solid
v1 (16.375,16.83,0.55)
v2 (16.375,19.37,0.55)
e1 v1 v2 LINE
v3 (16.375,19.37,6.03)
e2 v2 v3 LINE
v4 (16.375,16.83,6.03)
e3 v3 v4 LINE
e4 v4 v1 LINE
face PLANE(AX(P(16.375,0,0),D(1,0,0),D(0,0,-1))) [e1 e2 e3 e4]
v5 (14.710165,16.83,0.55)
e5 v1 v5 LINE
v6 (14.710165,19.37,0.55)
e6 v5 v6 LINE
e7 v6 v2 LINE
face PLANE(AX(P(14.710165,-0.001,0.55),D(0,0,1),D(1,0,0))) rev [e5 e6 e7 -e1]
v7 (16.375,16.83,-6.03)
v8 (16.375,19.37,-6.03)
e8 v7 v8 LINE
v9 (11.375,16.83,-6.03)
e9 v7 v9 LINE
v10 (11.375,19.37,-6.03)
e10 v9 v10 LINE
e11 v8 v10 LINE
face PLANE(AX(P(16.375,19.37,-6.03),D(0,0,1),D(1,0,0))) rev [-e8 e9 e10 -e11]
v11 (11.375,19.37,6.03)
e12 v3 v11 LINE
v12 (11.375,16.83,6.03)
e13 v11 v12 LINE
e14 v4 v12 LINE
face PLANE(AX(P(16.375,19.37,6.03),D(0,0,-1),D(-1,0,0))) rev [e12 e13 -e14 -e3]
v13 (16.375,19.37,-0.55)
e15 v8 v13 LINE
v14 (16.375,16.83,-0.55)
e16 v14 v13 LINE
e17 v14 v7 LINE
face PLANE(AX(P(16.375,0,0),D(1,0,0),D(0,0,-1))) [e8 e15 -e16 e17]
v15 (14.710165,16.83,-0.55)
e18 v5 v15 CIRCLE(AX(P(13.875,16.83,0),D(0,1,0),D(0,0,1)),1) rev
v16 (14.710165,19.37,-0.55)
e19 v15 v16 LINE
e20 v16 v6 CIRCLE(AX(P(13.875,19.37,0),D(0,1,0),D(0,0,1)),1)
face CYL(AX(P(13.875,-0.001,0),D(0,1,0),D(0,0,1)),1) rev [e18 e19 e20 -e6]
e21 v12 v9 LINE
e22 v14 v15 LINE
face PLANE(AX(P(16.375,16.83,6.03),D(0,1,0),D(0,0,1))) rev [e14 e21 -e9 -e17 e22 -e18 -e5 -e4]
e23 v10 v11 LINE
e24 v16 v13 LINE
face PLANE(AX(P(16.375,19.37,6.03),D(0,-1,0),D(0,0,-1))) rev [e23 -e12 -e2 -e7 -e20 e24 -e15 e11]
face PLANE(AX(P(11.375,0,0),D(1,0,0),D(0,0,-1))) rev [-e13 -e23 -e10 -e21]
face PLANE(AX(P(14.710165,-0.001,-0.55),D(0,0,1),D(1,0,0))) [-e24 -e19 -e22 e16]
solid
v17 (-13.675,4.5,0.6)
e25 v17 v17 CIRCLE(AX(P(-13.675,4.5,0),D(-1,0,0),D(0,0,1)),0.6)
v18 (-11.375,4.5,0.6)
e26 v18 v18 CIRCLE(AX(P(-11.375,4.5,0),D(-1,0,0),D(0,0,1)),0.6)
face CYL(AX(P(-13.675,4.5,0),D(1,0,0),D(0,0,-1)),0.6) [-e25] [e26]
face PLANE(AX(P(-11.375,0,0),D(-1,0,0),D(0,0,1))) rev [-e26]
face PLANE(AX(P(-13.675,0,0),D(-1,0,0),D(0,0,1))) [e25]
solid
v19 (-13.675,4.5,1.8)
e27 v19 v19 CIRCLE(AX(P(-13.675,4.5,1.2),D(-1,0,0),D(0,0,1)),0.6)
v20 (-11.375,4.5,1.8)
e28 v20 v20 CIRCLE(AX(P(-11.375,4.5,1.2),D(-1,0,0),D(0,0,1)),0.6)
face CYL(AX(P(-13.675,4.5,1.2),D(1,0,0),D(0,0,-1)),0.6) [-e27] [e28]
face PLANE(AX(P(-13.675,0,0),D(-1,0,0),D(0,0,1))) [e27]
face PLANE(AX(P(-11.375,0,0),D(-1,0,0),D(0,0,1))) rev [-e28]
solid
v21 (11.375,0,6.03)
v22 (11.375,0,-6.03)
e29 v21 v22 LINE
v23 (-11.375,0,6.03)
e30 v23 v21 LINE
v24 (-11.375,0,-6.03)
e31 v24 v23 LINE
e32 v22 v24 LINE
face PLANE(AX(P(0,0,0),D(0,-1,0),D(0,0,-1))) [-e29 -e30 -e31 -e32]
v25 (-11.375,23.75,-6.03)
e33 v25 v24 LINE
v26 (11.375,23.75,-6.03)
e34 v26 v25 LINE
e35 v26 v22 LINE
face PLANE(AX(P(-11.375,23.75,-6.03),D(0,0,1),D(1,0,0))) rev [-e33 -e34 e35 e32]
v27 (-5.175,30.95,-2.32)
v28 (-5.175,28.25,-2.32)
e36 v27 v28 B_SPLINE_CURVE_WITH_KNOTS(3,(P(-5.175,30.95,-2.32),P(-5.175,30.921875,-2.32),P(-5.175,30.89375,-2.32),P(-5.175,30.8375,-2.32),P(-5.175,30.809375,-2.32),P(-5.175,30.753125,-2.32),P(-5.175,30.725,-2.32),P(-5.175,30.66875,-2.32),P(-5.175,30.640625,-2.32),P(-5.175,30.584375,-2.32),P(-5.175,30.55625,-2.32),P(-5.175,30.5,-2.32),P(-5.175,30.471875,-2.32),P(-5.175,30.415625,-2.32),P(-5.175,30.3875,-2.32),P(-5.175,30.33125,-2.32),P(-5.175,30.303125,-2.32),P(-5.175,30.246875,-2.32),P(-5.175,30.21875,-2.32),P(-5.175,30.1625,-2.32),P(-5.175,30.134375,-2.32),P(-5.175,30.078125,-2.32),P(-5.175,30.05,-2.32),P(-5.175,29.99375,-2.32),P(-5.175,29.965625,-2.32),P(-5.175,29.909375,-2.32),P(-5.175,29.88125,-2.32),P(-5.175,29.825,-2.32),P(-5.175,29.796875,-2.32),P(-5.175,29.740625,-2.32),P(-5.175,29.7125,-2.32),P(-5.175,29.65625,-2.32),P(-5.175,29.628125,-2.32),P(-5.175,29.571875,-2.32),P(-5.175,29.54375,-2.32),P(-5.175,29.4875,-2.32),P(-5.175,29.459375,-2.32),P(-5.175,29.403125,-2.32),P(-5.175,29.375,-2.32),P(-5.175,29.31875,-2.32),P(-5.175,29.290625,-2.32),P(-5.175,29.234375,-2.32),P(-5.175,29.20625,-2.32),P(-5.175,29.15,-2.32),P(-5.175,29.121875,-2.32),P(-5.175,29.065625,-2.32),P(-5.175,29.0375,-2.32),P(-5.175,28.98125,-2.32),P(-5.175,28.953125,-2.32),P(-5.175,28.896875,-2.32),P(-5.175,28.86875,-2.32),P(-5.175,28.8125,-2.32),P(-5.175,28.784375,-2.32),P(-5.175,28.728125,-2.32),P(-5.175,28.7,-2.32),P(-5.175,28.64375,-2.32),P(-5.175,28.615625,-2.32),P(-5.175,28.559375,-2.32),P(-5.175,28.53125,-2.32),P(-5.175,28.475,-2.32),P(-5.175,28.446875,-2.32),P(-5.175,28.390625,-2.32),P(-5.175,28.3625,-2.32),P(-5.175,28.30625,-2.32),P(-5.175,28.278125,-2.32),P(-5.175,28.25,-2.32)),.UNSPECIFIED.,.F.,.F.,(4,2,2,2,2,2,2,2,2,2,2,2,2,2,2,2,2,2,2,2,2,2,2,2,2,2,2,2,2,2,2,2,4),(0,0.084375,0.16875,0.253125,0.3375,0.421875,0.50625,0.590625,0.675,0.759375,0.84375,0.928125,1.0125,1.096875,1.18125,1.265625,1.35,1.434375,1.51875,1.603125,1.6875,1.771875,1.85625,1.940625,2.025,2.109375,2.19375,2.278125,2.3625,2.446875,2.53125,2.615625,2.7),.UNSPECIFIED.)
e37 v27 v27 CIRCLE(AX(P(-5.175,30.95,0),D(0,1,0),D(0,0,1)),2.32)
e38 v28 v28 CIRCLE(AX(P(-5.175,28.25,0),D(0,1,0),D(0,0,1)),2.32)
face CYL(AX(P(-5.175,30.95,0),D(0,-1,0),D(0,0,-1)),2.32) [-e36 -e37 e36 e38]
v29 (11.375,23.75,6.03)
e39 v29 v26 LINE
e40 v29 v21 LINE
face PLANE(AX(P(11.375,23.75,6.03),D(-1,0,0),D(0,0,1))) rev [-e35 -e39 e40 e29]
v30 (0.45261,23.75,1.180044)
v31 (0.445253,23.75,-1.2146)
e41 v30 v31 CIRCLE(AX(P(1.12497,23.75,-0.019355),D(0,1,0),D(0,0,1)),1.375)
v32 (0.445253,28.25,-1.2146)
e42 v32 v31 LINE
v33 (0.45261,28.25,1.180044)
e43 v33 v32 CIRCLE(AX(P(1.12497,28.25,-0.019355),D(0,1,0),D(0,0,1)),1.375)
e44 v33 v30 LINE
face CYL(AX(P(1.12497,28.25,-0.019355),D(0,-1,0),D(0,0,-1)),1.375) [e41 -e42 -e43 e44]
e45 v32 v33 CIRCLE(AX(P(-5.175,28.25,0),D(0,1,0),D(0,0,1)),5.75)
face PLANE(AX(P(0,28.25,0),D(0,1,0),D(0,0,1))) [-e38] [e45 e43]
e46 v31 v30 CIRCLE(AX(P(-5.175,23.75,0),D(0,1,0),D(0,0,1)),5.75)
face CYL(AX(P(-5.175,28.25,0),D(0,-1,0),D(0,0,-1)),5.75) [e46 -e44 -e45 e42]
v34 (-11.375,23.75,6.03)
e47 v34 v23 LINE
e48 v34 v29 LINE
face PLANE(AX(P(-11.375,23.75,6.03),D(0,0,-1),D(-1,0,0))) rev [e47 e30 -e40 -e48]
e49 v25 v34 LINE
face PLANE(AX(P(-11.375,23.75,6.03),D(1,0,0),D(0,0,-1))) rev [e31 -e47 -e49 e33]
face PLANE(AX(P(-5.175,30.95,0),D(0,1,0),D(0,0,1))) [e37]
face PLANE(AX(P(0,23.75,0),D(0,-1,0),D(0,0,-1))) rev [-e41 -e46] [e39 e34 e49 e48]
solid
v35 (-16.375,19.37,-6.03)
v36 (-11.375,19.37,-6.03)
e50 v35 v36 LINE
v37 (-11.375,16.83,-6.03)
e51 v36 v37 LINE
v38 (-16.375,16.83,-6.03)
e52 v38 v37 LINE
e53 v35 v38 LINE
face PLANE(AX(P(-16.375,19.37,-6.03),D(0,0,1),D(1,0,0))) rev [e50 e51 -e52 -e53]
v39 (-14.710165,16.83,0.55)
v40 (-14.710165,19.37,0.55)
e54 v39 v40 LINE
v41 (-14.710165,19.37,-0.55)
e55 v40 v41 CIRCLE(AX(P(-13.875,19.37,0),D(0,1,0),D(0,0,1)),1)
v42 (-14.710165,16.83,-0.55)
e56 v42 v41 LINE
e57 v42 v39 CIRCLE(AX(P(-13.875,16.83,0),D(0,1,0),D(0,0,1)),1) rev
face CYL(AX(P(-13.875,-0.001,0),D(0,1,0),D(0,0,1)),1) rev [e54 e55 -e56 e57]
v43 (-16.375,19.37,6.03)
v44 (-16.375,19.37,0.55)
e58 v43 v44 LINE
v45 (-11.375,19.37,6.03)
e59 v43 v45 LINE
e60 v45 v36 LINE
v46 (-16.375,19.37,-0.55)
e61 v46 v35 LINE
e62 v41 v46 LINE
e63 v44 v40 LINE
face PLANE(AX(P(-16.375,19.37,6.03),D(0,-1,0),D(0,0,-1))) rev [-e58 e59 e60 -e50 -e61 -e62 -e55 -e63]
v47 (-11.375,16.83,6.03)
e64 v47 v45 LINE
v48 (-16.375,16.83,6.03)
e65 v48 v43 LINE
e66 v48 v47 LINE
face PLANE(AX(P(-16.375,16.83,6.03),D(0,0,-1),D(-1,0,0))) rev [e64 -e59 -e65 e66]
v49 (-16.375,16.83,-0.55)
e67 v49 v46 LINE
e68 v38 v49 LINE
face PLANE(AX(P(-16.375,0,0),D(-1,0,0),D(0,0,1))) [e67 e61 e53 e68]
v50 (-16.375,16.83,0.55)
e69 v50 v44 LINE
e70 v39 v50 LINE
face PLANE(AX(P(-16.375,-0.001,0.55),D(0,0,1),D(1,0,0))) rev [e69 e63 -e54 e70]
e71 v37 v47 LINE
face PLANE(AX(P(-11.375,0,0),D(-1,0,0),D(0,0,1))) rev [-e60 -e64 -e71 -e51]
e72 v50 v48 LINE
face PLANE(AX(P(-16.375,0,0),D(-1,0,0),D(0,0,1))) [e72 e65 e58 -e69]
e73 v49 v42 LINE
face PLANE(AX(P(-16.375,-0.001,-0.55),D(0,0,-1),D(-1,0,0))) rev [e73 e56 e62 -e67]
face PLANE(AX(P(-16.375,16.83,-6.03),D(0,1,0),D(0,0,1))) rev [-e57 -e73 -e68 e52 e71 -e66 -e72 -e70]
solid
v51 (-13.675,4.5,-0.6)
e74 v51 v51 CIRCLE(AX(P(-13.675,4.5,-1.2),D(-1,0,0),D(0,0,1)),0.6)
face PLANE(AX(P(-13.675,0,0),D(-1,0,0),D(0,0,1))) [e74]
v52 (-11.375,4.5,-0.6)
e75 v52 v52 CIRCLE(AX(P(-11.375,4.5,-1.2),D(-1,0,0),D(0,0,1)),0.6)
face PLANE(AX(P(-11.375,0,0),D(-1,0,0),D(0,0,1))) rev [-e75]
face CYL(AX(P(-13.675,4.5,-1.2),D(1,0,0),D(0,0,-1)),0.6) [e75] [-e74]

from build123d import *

# Parameters (mm, degrees)
SKETCH1_W             = 22.75
SKETCH1_H             = 12.06
BOSS_EXTRUDE1_DEPTH   = 23.75
SKETCH2_W             = 12.06
SKETCH2_H             = 2.54
BOSS_EXTRUDE2_DEPTH   = 5
SKETCH3_W             = 12.06
SKETCH3_H             = 2.54
BOSS_EXTRUDE3_DEPTH   = 5
CUT_EXTRUDE1_DEPTH    = 2.54
CUT_EXTRUDE2_DEPTH    = 2.54
BOSS_EXTRUDE4_DEPTH   = 4.5
SKETCH7_R             = 2.32
BOSS_EXTRUDE5_DEPTH   = 2.7
SKETCH8_R             = 0.6
BOSS_EXTRUDE7_DEPTH   = 2.3
BOSS_EXTRUDE7_2_DEPTH = 2.3
BOSS_EXTRUDE7_3_DEPTH = 2.3


with BuildPart() as part:
    # Sketch1 → Boss-Extrude1 (new body)
    with BuildSketch(Plane(origin=(0, 0, 0), x_dir=(1, 0, 0), z_dir=(0, 1, 0))):
        Rectangle(SKETCH1_W, SKETCH1_H)
    extrude(amount=BOSS_EXTRUDE1_DEPTH)

    # Sketch6 → Boss-Extrude4 (add)
    with BuildSketch(Plane(origin=(0, 23.75, 0), x_dir=(1, 0, 0), z_dir=(0, 1, 0))):
        with BuildLine():
            ThreePointArc((0.452610218, -1.180043744), (2.49996378, 0.023579109), (0.445253368, 1.214599556))
            ThreePointArc((0.445253368, 1.214599556), (-10.924972865, -0.017665131), (0.452610218, -1.180043744))
        make_face()
    extrude(amount=BOSS_EXTRUDE4_DEPTH)

    # Sketch7 → Boss-Extrude5 (add)
    with BuildSketch(Plane(origin=(0, 28.25, 0), x_dir=(1, 0, 0), z_dir=(0, 1, 0))):
        with Locations(Location((-5.175, 0, 0), (0, 0, 90))):
            Circle(SKETCH7_R)
    extrude(amount=BOSS_EXTRUDE5_DEPTH)


with BuildPart() as body_2:
    # Sketch2 → Boss-Extrude2 (new body)
    with BuildSketch(Plane(origin=(11.375, 0, 0), x_dir=(0, 0, -1), z_dir=(1, 0, 0))):
        with Locations((0, 18.1)):
            Rectangle(SKETCH2_W, SKETCH2_H)
    extrude(amount=BOSS_EXTRUDE2_DEPTH)

    # Sketch5 → Cut-Extrude2 (cut)
    with BuildSketch(Plane(origin=(0, 19.37, 0), x_dir=(1, 0, 0), z_dir=(0, 1, 0))):
        with BuildLine():
            Line((14.710164654, 0.55), (16.375, 0.55))
            Line((16.375, 0.55), (16.375, -0.55))
            Line((16.375, -0.55), (14.710164654, -0.55))
            ThreePointArc((14.710164654, -0.55), (12.875, 0), (14.710164654, 0.55))
        make_face()
    extrude(amount=-CUT_EXTRUDE2_DEPTH, mode=Mode.SUBTRACT)


with BuildPart() as body_3:
    # Sketch3 → Boss-Extrude3 (new body)
    with BuildSketch(Plane.ZY.offset(11.375)):
        with Locations((0, 18.1)):
            Rectangle(SKETCH3_W, SKETCH3_H)
    extrude(amount=BOSS_EXTRUDE3_DEPTH)

    # Sketch4 → Cut-Extrude1 (cut)
    with BuildSketch(Plane(origin=(0, 19.37, 0), x_dir=(1, 0, 0), z_dir=(0, 1, 0))):
        with BuildLine():
            Line((-16.375, 0.55), (-14.710164654, 0.55))
            ThreePointArc((-14.710164654, 0.55), (-12.875, 0), (-14.710164654, -0.55))
            Line((-14.710164654, -0.55), (-16.375, -0.55))
            Line((-16.375, -0.55), (-16.375, 0.55))
        make_face()
        with BuildLine():
            Line((16.375, -0.55), (14.710164654, -0.55))
            ThreePointArc((14.710164654, -0.55), (12.875, 0), (14.710164654, 0.55))
            Line((14.710164654, 0.55), (16.375, 0.55))
            Line((16.375, 0.55), (16.375, -0.55))
        make_face()
    extrude(amount=-CUT_EXTRUDE1_DEPTH, mode=Mode.SUBTRACT)


with BuildPart() as body_4:
    # Sketch8 → Boss-Extrude7 (new body)
    with BuildSketch(Plane.ZY.offset(11.375)):
        with Locations((0, 4.5)):
            Circle(SKETCH8_R)
    extrude(amount=BOSS_EXTRUDE7_DEPTH)


with BuildPart() as body_5:
    # Sketch8 → Boss-Extrude7 2 (new body)
    with BuildSketch(Plane.ZY.offset(11.375)):
        with Locations((-1.2, 4.5)):
            Circle(SKETCH8_R)
    extrude(amount=BOSS_EXTRUDE7_2_DEPTH)


with BuildPart() as body_6:
    # Sketch8 → Boss-Extrude7 3 (new body)
    with BuildSketch(Plane.ZY.offset(11.375)):
        with Locations((1.2, 4.5)):
            Circle(SKETCH8_R)
    extrude(amount=BOSS_EXTRUDE7_3_DEPTH)


solid = Compound([part.part, body_2.part, body_3.part, body_4.part, body_5.part, body_6.part])
